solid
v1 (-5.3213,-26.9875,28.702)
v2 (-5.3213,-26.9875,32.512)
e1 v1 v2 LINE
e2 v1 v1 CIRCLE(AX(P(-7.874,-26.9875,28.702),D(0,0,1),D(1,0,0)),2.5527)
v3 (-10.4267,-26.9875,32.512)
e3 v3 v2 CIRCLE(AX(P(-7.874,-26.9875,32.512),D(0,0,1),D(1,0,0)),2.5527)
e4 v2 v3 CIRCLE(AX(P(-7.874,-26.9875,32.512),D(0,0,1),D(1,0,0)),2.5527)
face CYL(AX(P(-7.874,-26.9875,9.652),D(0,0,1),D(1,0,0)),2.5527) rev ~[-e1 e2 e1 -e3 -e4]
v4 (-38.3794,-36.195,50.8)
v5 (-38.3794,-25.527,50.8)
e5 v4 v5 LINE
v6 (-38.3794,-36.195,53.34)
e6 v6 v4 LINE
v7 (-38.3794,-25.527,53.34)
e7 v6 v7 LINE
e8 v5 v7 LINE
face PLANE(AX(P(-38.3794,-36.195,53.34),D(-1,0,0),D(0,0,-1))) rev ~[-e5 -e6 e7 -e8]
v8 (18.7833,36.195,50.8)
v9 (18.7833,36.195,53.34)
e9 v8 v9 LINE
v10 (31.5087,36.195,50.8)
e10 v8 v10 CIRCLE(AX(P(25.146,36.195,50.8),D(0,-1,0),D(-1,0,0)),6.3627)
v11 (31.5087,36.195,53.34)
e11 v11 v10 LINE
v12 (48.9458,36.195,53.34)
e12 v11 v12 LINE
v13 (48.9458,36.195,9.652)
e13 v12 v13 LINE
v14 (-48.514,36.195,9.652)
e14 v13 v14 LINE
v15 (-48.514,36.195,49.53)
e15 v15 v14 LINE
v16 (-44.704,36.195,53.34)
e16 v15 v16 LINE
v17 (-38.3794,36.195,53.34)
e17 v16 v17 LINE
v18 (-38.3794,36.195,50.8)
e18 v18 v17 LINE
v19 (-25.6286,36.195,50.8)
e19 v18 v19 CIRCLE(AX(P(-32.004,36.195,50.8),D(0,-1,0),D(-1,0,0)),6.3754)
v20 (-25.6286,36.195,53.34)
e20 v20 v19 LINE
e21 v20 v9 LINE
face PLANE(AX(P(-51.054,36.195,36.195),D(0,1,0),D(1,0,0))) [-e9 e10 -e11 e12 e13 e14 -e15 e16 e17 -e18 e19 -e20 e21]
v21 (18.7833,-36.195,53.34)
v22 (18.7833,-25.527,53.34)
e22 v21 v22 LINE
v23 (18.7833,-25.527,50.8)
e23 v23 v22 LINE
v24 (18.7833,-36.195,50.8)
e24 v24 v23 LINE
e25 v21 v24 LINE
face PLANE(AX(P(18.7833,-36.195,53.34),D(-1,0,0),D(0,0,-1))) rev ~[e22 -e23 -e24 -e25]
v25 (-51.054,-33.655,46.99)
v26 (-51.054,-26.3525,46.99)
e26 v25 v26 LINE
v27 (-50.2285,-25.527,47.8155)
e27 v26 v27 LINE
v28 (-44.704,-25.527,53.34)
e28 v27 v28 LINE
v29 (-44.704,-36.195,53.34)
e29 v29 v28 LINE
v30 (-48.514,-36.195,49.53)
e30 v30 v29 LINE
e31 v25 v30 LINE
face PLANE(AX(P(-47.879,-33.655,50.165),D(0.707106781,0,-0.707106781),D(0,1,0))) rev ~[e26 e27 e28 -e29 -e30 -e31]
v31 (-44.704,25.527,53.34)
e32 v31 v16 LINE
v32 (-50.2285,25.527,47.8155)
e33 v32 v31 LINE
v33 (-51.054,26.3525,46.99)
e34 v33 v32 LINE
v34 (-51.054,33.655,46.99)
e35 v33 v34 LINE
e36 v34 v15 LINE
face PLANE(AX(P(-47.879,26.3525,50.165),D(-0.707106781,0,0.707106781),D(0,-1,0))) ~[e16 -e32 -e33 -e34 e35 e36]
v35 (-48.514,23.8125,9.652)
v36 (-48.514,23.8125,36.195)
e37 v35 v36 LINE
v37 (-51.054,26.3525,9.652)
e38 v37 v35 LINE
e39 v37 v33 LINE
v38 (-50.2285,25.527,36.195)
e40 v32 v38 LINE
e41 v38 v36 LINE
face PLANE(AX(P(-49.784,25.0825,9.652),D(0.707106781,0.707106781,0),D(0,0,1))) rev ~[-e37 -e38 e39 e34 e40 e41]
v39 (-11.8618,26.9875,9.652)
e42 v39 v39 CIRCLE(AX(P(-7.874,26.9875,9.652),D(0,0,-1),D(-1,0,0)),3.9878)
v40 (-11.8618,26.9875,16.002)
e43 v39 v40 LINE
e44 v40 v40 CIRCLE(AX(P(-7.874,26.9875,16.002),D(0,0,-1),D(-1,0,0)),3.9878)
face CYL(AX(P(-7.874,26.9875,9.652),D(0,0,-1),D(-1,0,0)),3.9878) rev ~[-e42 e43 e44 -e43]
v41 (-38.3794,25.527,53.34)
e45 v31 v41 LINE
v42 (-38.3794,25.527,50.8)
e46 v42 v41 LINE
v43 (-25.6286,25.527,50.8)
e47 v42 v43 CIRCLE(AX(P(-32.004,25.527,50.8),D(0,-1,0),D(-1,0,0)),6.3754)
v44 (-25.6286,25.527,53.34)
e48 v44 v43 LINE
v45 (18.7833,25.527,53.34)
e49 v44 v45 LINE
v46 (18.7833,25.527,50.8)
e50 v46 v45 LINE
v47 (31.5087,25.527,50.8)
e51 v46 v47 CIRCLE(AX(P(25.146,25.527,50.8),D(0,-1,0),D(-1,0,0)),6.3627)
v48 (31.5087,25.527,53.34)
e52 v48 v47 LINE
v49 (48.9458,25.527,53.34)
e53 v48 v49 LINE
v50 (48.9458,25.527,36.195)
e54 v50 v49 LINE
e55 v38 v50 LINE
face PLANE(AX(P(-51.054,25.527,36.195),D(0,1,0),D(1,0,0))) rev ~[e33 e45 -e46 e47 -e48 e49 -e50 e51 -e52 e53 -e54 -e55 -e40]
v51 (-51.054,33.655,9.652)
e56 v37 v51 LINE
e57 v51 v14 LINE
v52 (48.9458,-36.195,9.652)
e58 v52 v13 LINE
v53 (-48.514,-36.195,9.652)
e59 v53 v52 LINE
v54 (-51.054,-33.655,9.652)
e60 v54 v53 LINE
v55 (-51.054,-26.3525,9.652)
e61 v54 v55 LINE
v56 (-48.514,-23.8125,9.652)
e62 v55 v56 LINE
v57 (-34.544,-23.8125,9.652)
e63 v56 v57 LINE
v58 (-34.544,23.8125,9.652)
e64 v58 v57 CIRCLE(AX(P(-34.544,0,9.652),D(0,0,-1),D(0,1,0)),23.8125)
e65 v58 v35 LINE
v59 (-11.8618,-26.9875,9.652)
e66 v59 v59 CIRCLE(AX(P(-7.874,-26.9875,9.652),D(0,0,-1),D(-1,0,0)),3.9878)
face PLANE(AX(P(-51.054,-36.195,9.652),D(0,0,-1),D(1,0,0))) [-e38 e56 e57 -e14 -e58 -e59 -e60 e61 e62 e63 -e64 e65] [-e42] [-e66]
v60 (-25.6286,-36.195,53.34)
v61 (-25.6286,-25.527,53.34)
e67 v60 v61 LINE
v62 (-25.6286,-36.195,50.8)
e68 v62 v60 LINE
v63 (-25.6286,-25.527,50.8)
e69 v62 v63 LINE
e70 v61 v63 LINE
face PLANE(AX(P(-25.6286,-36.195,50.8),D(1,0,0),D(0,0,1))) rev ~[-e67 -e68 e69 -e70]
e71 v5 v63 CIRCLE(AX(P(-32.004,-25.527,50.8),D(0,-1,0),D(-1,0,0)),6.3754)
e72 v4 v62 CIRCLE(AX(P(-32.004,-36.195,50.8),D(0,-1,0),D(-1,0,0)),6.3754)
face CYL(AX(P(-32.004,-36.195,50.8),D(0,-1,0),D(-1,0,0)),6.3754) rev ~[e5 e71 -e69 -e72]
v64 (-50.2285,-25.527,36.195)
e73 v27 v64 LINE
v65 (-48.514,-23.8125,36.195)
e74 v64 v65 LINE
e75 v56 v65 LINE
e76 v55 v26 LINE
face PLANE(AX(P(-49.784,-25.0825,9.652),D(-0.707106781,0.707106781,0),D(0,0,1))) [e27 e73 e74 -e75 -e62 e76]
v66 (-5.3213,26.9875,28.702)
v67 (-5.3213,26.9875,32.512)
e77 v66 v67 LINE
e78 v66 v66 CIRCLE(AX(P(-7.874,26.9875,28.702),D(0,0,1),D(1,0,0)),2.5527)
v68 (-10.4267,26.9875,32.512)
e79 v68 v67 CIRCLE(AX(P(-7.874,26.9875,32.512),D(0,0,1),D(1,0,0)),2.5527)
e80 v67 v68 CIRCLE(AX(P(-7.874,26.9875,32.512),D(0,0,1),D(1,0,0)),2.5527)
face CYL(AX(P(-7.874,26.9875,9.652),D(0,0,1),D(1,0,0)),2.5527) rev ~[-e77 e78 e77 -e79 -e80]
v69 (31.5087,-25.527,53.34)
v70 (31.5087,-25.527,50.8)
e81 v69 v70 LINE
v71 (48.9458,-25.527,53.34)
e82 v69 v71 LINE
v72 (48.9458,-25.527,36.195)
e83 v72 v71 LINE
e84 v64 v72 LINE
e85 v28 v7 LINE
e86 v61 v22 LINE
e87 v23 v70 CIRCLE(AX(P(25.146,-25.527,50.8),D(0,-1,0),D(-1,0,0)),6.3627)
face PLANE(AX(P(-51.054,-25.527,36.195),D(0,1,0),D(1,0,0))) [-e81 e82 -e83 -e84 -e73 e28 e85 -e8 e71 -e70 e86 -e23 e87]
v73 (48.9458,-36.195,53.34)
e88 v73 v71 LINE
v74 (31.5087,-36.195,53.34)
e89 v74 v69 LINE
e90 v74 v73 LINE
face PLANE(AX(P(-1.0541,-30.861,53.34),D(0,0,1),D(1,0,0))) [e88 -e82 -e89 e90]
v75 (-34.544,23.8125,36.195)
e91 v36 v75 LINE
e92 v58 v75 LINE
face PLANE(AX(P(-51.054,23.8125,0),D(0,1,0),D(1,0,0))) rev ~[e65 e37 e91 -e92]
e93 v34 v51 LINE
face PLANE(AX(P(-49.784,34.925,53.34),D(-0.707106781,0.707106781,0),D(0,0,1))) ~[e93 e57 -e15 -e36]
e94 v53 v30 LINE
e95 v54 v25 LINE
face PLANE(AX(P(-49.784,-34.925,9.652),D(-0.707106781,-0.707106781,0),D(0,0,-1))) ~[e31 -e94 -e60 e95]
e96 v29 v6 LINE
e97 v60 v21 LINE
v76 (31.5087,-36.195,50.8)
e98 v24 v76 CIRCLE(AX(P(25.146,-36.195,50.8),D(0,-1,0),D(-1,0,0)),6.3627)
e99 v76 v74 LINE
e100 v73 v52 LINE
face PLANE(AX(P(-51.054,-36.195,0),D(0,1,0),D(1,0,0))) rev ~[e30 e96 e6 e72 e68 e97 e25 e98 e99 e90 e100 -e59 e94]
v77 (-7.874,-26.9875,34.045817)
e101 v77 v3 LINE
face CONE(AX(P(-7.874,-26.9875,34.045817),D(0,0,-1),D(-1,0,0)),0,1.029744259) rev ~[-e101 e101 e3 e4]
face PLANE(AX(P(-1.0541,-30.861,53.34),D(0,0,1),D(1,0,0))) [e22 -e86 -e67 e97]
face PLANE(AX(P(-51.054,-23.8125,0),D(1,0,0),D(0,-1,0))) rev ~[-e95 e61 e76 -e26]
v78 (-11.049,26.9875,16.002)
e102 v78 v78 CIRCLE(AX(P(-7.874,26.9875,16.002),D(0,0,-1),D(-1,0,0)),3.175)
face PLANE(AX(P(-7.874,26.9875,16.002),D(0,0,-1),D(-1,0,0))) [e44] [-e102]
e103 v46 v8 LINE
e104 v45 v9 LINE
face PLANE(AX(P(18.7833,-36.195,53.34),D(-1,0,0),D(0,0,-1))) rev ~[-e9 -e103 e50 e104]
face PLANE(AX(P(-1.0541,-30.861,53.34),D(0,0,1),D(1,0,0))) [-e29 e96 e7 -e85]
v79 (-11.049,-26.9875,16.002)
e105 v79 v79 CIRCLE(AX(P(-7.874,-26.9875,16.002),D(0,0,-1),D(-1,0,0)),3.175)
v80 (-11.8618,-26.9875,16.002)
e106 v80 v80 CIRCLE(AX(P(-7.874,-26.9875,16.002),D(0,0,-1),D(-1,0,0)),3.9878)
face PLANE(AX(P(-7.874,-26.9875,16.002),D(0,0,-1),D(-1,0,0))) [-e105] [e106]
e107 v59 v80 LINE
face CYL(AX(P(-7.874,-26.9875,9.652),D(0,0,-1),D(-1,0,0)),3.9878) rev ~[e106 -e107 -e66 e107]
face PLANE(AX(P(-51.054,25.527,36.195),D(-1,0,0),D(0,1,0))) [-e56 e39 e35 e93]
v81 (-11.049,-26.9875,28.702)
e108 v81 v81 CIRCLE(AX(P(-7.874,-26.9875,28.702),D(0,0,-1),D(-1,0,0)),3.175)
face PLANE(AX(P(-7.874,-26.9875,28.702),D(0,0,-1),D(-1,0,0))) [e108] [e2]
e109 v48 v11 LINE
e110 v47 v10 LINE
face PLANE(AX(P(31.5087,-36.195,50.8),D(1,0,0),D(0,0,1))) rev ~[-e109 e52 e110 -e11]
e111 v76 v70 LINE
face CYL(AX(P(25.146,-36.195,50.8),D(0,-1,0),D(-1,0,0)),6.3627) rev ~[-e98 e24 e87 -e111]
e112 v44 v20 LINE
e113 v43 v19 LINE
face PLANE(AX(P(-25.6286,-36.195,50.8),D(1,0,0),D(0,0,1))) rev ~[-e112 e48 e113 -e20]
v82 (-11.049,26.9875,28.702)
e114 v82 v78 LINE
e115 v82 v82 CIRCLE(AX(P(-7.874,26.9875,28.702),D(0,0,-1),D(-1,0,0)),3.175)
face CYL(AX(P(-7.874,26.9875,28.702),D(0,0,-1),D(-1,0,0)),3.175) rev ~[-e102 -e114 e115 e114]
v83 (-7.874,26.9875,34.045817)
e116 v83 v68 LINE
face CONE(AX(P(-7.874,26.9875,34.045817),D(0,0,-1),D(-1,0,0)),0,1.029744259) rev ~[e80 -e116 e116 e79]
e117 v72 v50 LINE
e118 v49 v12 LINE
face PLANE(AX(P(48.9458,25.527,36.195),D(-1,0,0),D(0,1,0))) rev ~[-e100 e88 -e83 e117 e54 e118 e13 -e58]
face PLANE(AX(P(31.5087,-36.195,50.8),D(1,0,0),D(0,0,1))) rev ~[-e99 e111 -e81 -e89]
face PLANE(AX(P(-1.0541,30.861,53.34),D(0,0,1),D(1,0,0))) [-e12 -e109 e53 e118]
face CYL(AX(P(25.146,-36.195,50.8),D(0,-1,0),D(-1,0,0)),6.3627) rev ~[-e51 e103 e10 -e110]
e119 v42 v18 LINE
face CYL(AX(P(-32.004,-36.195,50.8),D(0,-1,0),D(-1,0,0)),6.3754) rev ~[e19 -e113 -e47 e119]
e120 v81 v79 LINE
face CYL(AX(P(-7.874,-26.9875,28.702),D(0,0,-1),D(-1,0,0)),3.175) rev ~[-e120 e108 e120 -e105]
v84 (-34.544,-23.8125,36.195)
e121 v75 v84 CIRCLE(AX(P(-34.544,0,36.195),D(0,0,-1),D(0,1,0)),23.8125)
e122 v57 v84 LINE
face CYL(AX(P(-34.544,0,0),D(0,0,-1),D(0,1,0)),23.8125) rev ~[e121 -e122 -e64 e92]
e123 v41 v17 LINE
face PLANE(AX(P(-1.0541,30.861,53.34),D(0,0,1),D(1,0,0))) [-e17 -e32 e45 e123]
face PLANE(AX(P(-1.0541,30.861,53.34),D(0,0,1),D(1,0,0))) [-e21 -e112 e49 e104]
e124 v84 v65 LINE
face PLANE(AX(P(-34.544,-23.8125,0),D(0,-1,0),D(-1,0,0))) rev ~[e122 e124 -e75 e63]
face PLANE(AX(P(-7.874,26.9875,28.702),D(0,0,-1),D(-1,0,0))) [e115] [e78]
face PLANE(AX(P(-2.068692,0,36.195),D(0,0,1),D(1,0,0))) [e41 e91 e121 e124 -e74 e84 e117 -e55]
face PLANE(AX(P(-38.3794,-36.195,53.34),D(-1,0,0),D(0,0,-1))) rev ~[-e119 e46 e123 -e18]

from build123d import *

# Parameters (mm, degrees)
EXTRUDE1_DEPTH                    = 36.195
SKETCH17_W                        = 99.9998
SKETCH17_H                        = 10.668
EXTRUDE4_DEPTH                    = 17.145
CUT_EXTRUDE2_DEPTH                = 73.39
SKETCH19_W                        = 99.9998
SKETCH19_H                        = 9.652
CUT_EXTRUDE3_DEPTH                = 86.2
F_1_4_20_TAPPED_HOLE1_D           = 5.1054
F_1_4_20_TAPPED_HOLE1_DEPTH       = 22.86
F_1_4_20_TAPPED_HOLE1_CBORE_D     = 6.35
F_1_4_20_TAPPED_HOLE1_CBORE_DEPTH = 19.05
F_1_4_20_TAPPED_HOLE1_TIP         = 1.533816902
CHAMFER1_SIZE                     = 2.54
SKETCH24_R                        = 3.9878
EXTRUDE5_DEPTH                    = 6.35
CHAMFER3_SIZE                     = 6.35


with BuildPart() as part:
    # Sketch5 → Extrude1 (new body)
    with BuildSketch(Plane.XY):
        with BuildLine():
            Line((48.9458, -36.195), (48.9458, 36.195))
            Line((48.9458, 36.195), (-51.054, 36.195))
            Line((-51.054, 36.195), (-51.054, 23.8125))
            Line((-51.054, 23.8125), (-34.544, 23.8125))
            ThreePointArc((-34.544, 23.8125), (-10.7315, 0), (-34.544, -23.8125))
            Line((-34.544, -23.8125), (-51.054, -23.8125))
            Line((-51.054, -23.8125), (-51.054, -36.195))
            Line((-51.054, -36.195), (48.9458, -36.195))
        make_face()
    extrude(amount=EXTRUDE1_DEPTH)

    # Sketch17 → Extrude4 (add)
    with BuildSketch(Plane.XY.offset(36.195)):
        with Locations((-1.0541, 30.861)):
            Rectangle(SKETCH17_W, SKETCH17_H)
        with Locations((-1.0541, -30.861)):
            Rectangle(SKETCH17_W, SKETCH17_H)
    extrude(amount=EXTRUDE4_DEPTH)

    # Sketch16 → Cut-Extrude2 (cut, through all)
    with BuildSketch(Plane.XZ.offset(36.195)):
        with BuildLine():
            Line((-25.6286, 50.8), (-25.6286, 53.34))
            Line((-25.6286, 53.34), (-38.3794, 53.34))
            Line((-38.3794, 53.34), (-38.3794, 50.8))
            ThreePointArc((-38.3794, 50.8), (-32.004, 44.4246), (-25.6286, 50.8))
        make_face()
        with BuildLine():
            Line((31.5087, 50.8), (31.5087, 53.34))
            Line((31.5087, 53.34), (18.7833, 53.34))
            Line((18.7833, 53.34), (18.7833, 50.8))
            ThreePointArc((18.7833, 50.8), (25.146, 44.4373), (31.5087, 50.8))
        make_face()
    extrude(amount=-CUT_EXTRUDE2_DEPTH, mode=Mode.SUBTRACT)

    # Sketch19 → Cut-Extrude3 (cut)
    with BuildSketch(Plane.XZ.offset(36.195)):
        with Locations((-1.0541, 4.826)):
            Rectangle(SKETCH19_W, SKETCH19_H)
    extrude(amount=-CUT_EXTRUDE3_DEPTH, mode=Mode.SUBTRACT)

    # 1_4-20 Tapped Hole1
    with Locations(Plane(origin=(0, 0, 9.652), x_dir=(-1, 0, 0), z_dir=(0, 0, -1))):
        with Locations((7.874, 26.9875), (7.874, -26.9875)):
            CounterBoreHole(F_1_4_20_TAPPED_HOLE1_D / 2, F_1_4_20_TAPPED_HOLE1_CBORE_D / 2, F_1_4_20_TAPPED_HOLE1_CBORE_DEPTH, depth=F_1_4_20_TAPPED_HOLE1_DEPTH)
            with Locations((0, 0, -(F_1_4_20_TAPPED_HOLE1_DEPTH + F_1_4_20_TAPPED_HOLE1_TIP / 2))):  # 118° drill point
                Cone(0, F_1_4_20_TAPPED_HOLE1_D / 2, F_1_4_20_TAPPED_HOLE1_TIP, mode=Mode.SUBTRACT)

    # Chamfer1
    chamfer1_edges = [part.edges().sort_by_distance(p)[0] for p in [
        (-51.054, -23.8125, 22.9235),
        (-51.054, 23.8125, 22.9235),
        (-51.054, -36.195, 31.496),
        (-51.054, 36.195, 31.496),
    ]]
    chamfer(chamfer1_edges, length=CHAMFER1_SIZE)

    # Sketch24 → Extrude5 (cut)
    with BuildSketch(Plane(origin=(0, 0, 9.652), x_dir=(-1, 0, 0), z_dir=(0, 0, -1))):
        with Locations((7.874, -26.9875)):
            Circle(SKETCH24_R)
        with Locations((7.874, 26.9875)):
            Circle(SKETCH24_R)
    extrude(amount=-EXTRUDE5_DEPTH, mode=Mode.SUBTRACT)

    # Chamfer3
    chamfer3_edges = [part.edges().sort_by_distance(p)[0] for p in [
        (-51.054, -30.00375, 53.34),
        (-51.054, 30.00375, 53.34),
    ]]
    chamfer(chamfer3_edges, length=CHAMFER3_SIZE)


solid = part.part
